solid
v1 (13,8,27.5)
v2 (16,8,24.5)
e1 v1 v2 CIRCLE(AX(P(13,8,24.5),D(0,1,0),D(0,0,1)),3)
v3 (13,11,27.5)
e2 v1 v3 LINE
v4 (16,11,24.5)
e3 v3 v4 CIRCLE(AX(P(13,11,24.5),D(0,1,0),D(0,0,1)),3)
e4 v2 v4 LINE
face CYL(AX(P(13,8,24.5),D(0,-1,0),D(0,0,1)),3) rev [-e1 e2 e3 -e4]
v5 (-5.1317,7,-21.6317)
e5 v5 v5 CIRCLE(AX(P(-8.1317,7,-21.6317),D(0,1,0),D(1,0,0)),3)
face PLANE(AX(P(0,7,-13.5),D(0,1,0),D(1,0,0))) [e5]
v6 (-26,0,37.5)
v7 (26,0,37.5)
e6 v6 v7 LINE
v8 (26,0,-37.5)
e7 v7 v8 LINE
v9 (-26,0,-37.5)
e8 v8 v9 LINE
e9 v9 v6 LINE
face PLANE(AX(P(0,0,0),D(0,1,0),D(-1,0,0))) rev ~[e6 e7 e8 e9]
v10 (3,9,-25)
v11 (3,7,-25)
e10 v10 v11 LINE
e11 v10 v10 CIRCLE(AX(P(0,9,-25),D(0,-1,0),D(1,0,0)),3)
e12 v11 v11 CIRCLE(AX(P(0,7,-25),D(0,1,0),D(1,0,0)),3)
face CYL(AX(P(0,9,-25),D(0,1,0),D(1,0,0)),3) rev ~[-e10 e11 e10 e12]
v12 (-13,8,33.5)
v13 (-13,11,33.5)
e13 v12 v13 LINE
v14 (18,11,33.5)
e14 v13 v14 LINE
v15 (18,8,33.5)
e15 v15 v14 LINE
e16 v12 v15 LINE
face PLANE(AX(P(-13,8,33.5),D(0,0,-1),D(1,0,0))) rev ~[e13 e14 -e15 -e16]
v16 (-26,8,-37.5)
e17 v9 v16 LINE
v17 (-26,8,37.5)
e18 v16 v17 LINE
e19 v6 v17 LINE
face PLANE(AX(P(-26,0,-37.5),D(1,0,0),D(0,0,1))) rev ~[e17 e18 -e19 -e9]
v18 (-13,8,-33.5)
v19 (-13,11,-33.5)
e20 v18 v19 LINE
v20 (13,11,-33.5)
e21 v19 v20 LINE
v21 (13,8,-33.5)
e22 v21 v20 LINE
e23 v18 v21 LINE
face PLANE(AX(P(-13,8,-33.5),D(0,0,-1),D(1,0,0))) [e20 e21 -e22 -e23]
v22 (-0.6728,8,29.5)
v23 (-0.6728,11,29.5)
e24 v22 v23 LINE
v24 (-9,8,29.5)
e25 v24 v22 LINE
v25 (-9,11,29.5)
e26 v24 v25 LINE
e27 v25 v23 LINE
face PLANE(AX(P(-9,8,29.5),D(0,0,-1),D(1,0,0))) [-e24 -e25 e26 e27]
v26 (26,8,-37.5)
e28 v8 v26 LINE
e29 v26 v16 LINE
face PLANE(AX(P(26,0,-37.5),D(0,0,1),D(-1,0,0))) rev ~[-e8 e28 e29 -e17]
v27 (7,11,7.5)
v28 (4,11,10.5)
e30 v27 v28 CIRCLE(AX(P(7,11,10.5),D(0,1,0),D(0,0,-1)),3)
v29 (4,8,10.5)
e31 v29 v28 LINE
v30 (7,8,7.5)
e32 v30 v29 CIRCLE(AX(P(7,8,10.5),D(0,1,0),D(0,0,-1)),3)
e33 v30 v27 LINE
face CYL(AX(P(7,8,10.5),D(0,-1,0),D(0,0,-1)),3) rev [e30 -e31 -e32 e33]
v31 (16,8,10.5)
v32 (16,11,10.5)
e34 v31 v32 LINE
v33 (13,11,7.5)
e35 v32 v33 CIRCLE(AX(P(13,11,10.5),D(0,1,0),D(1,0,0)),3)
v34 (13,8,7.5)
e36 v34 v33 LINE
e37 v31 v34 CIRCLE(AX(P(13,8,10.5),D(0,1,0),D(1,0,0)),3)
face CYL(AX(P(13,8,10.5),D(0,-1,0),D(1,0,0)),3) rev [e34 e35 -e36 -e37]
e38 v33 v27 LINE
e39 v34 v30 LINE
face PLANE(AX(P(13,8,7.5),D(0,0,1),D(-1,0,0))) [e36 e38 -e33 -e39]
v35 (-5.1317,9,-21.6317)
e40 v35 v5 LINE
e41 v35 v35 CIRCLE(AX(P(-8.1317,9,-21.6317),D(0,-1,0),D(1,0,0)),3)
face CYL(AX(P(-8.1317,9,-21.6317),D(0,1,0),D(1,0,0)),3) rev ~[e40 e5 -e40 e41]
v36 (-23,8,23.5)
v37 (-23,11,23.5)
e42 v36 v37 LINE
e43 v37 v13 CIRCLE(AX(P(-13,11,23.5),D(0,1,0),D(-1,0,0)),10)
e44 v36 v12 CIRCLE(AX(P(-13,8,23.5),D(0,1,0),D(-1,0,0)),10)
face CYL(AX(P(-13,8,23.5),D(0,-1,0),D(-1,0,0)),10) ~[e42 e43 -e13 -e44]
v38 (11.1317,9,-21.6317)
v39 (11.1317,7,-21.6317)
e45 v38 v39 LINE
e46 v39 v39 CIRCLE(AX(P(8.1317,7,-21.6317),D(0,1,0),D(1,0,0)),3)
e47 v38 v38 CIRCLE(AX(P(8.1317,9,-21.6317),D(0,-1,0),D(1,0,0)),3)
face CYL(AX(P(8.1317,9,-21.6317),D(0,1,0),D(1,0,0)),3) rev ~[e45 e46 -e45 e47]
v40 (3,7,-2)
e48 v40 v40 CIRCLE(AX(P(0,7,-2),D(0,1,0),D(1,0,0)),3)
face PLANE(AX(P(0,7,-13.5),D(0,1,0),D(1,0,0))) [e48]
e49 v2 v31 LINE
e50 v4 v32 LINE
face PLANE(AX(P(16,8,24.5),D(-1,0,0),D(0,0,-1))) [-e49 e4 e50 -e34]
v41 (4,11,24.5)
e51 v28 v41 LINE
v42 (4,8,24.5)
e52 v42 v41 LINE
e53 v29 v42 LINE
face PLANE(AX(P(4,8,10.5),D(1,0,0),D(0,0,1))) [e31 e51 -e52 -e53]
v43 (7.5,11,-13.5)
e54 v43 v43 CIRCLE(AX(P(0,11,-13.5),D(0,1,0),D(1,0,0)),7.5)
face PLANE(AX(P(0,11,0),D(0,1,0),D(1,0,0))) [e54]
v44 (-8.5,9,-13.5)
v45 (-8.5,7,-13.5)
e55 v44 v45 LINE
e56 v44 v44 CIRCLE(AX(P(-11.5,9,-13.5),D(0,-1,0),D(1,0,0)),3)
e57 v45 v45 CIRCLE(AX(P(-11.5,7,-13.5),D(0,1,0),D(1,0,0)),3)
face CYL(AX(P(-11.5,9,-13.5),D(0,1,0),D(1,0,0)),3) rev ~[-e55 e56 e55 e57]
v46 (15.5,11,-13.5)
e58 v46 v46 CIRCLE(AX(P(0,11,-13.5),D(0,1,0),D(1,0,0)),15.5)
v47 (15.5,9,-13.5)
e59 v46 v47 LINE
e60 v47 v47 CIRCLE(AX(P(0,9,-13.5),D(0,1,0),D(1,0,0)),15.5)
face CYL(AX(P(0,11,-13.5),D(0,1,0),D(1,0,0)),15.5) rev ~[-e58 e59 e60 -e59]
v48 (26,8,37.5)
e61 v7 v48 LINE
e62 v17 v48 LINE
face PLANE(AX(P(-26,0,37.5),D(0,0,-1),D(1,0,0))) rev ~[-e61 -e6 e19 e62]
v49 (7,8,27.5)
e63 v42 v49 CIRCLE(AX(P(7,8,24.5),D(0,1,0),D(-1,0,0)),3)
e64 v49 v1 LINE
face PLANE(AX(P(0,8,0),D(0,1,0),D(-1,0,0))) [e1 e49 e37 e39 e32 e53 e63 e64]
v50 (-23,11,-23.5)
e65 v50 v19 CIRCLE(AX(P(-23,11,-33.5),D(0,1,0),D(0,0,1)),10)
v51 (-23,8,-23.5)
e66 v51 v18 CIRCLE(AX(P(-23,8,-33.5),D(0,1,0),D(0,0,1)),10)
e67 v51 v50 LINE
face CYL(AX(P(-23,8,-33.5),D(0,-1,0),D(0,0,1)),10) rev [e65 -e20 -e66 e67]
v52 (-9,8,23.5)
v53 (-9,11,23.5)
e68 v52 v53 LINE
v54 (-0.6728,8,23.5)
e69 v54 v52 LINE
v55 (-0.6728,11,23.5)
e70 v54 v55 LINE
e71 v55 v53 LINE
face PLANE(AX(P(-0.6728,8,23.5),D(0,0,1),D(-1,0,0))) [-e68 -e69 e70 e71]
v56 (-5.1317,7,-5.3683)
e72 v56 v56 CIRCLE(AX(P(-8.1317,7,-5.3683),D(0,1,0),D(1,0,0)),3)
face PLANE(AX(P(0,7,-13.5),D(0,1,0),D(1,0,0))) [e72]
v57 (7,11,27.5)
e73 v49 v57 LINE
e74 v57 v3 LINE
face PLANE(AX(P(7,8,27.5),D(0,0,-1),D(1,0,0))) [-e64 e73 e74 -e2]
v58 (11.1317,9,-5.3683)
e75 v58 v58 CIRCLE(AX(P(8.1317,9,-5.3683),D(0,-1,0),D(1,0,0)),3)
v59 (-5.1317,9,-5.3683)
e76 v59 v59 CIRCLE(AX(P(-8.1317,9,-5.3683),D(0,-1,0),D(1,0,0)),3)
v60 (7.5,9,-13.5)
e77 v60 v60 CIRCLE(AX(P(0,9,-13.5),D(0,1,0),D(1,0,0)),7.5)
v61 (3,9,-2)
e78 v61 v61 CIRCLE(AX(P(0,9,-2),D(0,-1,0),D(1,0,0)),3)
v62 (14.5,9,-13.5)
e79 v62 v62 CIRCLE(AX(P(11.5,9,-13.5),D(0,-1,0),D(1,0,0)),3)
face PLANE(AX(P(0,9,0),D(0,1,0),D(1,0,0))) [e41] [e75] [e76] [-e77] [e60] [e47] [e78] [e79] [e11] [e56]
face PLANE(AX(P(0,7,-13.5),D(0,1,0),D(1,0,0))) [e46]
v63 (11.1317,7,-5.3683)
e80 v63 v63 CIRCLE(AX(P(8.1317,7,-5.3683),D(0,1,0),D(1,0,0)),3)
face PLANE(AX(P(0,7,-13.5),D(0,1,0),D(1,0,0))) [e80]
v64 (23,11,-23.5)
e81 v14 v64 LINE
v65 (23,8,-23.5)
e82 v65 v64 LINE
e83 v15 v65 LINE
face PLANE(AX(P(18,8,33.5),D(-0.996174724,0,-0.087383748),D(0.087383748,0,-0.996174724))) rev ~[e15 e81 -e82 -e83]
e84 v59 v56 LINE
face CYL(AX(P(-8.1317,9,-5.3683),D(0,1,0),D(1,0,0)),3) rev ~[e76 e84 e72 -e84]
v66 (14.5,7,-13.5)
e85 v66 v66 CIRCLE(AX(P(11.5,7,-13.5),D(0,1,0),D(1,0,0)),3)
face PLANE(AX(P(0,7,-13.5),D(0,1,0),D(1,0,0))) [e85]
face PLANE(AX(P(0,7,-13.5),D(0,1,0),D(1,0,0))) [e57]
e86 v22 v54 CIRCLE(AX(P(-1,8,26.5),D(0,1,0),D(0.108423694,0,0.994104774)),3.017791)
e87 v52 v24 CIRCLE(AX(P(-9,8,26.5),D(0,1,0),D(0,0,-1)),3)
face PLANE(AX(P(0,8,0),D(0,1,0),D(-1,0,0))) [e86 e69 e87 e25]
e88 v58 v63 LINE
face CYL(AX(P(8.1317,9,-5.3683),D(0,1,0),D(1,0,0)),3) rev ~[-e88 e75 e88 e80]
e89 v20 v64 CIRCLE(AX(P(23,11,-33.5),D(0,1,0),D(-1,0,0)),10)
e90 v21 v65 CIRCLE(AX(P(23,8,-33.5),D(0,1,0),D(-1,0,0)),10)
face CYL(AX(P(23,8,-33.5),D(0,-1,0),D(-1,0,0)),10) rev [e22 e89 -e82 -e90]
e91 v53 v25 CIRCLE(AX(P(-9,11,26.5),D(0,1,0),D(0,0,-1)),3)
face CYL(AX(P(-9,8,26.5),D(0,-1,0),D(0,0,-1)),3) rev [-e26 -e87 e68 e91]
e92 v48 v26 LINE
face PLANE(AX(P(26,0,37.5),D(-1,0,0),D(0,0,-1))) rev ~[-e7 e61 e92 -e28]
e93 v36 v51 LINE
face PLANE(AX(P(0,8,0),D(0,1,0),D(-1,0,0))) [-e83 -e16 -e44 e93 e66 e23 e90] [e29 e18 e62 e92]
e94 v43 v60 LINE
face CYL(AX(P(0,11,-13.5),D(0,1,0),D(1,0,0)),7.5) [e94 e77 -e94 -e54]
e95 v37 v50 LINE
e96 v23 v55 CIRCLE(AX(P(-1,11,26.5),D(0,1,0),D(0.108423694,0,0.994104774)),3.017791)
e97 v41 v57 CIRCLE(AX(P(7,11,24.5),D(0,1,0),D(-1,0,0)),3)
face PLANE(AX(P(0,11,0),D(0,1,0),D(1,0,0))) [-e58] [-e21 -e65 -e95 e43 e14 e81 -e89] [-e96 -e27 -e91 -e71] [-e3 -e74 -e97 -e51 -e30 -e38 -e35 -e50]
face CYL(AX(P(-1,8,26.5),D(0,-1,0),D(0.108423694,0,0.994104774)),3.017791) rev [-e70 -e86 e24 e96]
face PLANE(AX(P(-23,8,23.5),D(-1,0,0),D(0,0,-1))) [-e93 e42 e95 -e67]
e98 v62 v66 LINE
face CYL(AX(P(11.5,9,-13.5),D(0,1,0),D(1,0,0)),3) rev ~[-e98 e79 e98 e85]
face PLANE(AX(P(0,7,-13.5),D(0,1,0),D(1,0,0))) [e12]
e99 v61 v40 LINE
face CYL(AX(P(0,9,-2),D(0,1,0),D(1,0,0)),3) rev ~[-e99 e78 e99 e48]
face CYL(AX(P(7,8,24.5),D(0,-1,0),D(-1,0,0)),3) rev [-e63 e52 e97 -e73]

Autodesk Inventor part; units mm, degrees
ref_plane "YZ Plane" through (0, 0, 0) normal (1, 0, 0) x (0, 1, 0)
ref_plane "XZ Plane" through (0, 0, 0) normal (0, 1, 0) x (-1, 0, 0)
ref_plane "XY Plane" through (0, 0, 0) normal (0, 0, 1) x (1, 0, 0)
sketch "Sketch1" plane through (0, 0, 0) normal (0, 1, 0) x (-1, 0, 0)
  line L0 (26, 37.5) -> (-26, 37.5)
  line L1 (-26, 37.5) -> (-26, -37.5)
  line L2 (-26, -37.5) -> (26, -37.5)
  line L3 (26, -37.5) -> (26, 37.5)
  line L4 (26, 37.5) -> (-26, -37.5) construction
  line L5 (-26, 37.5) -> (26, -37.5) construction
  point P0 (0, 0)
  dimension "d0" = 52
  dimension "d1" = 75
extrude "Extrusion1" add sketch "Sketch1" along normal blind 8
sketch "Sketch2" plane through (0, 8, 0) normal (0, 1, 0) x (1, 0, 0)
  arc A0 (-23, 23.5) -> (-13, 33.5) centre (-23, 33.5) ccw
  line L0 (26, 37.5) -> (-26, 37.5) projected
  line L1 (-26, 37.5) -> (-26, -37.5) projected
  arc A1 (13, 33.5) -> (23, 23.5) centre (23, 33.5) ccw
  line L2 (26, -37.5) -> (26, 37.5) projected
  line L3 (-13, 33.5) -> (13, 33.5)
  line L4 (-23, -23.5) -> (-23, 27.9055)
  arc A2 (-23, -23.5) -> (-13, -33.5) centre (-13, -23.5) ccw
  line L5 (-13, -33.5) -> (18, -33.5)
  line L6 (-26, -37.5) -> (26, -37.5) projected
  line L7 (18, -33.5) -> (23, 23.5)
  line L8 (7, -27.5) -> (13, -27.5)
  line L9 (16, -24.5) -> (16, -10.5)
  line L10 (13, -7.5) -> (7, -7.5)
  line L11 (4, -10.5) -> (4, -24.5)
  line L12 (4, -27.5) -> (16, -7.5) construction
  line L13 (16, -27.5) -> (4, -7.5) construction
  line L14 (-9, -29.5) -> (-0.6728, -29.5)
  line L15 (-0.6728, -23.5) -> (-9, -23.5)
  line L16 (-9, -29.5) -> (-0.6728, -23.5) construction
  line L17 (-0.6728, -29.5) -> (-9, -23.5) construction
  arc A3 (-9, -23.5) -> (-9, -29.5) centre (-9, -26.5) ccw
  arc A4 (-0.6728, -29.5) -> (-0.6728, -23.5) centre (-1, -26.5) ccw
  arc A5 (4, -24.5) -> (7, -27.5) centre (7, -24.5) ccw
  arc A6 (7, -7.5) -> (4, -10.5) centre (7, -10.5) ccw
  arc A7 (16, -10.5) -> (13, -7.5) centre (13, -10.5) ccw
  arc A8 (13, -27.5) -> (16, -24.5) centre (13, -24.5) ccw
  point P0 (0, 0)
  point P1 (10, -17.5)
  point P2 (-4.8364, -26.5)
  dimension "d4" = 20
  dimension "d5" = 4
  dimension "d6" = 3
  dimension "d7" = 4
  dimension "d8" = 3
  dimension "d9" = 20
  dimension "d10" = 3
  dimension "d14" = 3
  dimension "d15" = 4
  dimension "d18" = 8
  dimension "d19" = 16
  dimension "d20" = 22
  dimension "d22" = 4
  dimension "d23" = 20
  dimension "d24" = 30
  dimension "d25" = 10
  dimension "d26" = 6
  dimension "d27" = 6
  dimension "d29" = 11
  dimension "d30" = 27
  dimension "d31" = 35
  dimension "d32" = 49
  dimension "d33" = 52
  dimension "d38" = 3
extrude "Extrusion2" add sketch "Sketch2" along normal blind 3 contours A0 L3 A1 L7 L5 A2 L4
sketch "Sketch3" plane through (0, 11, 0) normal (0, 1, 0) x (1, 0, 0)
  circle A0 centre (0, 13.5) radius 15.5
  circle A1 centre (0, 13.5) radius 7.5
  line L0 (-26, -37.5) -> (26, -37.5) projected
  line L1 (26, -37.5) -> (26, 37.5) projected
  point P0 (0, 0)
  dimension "d41" = 15
  dimension "d42" = 31
  dimension "d43" = 51
  dimension "d44" = 26
extrude "Extrusion3" cut sketch "Sketch3" against normal blind 2
sketch "Sketch4" plane through (0, 9, -13.5) normal (0, 1, 0) x (1, 0, 0)
  circle A0 centre (0, 0) radius 7.5 projected
  circle A1 centre (0, 0) radius 11.5
  circle A2 centre (11.5, 0) radius 3
  circle A3 centre (8.1317, 8.1317) radius 3
  circle A4 centre (0, 11.5) radius 3
  circle A5 centre (-8.1317, 8.1317) radius 3
  circle A6 centre (-11.5, 0) radius 3
  circle A7 centre (-8.1317, -8.1317) radius 3
  circle A8 centre (0, -11.5) radius 3
  circle A9 centre (8.1317, -8.1317) radius 3
  point P0 (0, -13.5)
  dimension "d47" = 23
  dimension "d48" = 6
  dimension "d51" = 360
extrude "Extrusion4" cut sketch "Sketch4" against normal blind 2 contours A1 A2 | A1 A2 | A3 A1 | A1 A3 | A9 A1 | A1 A9 | A4 A1 | A1 A4 | A8 A1 | A1 A8 | A5 A1 | A1 A5 | A7 A1 | A1 A7 | A6 A1 | A1 A6
properties part number "Exercise2"
